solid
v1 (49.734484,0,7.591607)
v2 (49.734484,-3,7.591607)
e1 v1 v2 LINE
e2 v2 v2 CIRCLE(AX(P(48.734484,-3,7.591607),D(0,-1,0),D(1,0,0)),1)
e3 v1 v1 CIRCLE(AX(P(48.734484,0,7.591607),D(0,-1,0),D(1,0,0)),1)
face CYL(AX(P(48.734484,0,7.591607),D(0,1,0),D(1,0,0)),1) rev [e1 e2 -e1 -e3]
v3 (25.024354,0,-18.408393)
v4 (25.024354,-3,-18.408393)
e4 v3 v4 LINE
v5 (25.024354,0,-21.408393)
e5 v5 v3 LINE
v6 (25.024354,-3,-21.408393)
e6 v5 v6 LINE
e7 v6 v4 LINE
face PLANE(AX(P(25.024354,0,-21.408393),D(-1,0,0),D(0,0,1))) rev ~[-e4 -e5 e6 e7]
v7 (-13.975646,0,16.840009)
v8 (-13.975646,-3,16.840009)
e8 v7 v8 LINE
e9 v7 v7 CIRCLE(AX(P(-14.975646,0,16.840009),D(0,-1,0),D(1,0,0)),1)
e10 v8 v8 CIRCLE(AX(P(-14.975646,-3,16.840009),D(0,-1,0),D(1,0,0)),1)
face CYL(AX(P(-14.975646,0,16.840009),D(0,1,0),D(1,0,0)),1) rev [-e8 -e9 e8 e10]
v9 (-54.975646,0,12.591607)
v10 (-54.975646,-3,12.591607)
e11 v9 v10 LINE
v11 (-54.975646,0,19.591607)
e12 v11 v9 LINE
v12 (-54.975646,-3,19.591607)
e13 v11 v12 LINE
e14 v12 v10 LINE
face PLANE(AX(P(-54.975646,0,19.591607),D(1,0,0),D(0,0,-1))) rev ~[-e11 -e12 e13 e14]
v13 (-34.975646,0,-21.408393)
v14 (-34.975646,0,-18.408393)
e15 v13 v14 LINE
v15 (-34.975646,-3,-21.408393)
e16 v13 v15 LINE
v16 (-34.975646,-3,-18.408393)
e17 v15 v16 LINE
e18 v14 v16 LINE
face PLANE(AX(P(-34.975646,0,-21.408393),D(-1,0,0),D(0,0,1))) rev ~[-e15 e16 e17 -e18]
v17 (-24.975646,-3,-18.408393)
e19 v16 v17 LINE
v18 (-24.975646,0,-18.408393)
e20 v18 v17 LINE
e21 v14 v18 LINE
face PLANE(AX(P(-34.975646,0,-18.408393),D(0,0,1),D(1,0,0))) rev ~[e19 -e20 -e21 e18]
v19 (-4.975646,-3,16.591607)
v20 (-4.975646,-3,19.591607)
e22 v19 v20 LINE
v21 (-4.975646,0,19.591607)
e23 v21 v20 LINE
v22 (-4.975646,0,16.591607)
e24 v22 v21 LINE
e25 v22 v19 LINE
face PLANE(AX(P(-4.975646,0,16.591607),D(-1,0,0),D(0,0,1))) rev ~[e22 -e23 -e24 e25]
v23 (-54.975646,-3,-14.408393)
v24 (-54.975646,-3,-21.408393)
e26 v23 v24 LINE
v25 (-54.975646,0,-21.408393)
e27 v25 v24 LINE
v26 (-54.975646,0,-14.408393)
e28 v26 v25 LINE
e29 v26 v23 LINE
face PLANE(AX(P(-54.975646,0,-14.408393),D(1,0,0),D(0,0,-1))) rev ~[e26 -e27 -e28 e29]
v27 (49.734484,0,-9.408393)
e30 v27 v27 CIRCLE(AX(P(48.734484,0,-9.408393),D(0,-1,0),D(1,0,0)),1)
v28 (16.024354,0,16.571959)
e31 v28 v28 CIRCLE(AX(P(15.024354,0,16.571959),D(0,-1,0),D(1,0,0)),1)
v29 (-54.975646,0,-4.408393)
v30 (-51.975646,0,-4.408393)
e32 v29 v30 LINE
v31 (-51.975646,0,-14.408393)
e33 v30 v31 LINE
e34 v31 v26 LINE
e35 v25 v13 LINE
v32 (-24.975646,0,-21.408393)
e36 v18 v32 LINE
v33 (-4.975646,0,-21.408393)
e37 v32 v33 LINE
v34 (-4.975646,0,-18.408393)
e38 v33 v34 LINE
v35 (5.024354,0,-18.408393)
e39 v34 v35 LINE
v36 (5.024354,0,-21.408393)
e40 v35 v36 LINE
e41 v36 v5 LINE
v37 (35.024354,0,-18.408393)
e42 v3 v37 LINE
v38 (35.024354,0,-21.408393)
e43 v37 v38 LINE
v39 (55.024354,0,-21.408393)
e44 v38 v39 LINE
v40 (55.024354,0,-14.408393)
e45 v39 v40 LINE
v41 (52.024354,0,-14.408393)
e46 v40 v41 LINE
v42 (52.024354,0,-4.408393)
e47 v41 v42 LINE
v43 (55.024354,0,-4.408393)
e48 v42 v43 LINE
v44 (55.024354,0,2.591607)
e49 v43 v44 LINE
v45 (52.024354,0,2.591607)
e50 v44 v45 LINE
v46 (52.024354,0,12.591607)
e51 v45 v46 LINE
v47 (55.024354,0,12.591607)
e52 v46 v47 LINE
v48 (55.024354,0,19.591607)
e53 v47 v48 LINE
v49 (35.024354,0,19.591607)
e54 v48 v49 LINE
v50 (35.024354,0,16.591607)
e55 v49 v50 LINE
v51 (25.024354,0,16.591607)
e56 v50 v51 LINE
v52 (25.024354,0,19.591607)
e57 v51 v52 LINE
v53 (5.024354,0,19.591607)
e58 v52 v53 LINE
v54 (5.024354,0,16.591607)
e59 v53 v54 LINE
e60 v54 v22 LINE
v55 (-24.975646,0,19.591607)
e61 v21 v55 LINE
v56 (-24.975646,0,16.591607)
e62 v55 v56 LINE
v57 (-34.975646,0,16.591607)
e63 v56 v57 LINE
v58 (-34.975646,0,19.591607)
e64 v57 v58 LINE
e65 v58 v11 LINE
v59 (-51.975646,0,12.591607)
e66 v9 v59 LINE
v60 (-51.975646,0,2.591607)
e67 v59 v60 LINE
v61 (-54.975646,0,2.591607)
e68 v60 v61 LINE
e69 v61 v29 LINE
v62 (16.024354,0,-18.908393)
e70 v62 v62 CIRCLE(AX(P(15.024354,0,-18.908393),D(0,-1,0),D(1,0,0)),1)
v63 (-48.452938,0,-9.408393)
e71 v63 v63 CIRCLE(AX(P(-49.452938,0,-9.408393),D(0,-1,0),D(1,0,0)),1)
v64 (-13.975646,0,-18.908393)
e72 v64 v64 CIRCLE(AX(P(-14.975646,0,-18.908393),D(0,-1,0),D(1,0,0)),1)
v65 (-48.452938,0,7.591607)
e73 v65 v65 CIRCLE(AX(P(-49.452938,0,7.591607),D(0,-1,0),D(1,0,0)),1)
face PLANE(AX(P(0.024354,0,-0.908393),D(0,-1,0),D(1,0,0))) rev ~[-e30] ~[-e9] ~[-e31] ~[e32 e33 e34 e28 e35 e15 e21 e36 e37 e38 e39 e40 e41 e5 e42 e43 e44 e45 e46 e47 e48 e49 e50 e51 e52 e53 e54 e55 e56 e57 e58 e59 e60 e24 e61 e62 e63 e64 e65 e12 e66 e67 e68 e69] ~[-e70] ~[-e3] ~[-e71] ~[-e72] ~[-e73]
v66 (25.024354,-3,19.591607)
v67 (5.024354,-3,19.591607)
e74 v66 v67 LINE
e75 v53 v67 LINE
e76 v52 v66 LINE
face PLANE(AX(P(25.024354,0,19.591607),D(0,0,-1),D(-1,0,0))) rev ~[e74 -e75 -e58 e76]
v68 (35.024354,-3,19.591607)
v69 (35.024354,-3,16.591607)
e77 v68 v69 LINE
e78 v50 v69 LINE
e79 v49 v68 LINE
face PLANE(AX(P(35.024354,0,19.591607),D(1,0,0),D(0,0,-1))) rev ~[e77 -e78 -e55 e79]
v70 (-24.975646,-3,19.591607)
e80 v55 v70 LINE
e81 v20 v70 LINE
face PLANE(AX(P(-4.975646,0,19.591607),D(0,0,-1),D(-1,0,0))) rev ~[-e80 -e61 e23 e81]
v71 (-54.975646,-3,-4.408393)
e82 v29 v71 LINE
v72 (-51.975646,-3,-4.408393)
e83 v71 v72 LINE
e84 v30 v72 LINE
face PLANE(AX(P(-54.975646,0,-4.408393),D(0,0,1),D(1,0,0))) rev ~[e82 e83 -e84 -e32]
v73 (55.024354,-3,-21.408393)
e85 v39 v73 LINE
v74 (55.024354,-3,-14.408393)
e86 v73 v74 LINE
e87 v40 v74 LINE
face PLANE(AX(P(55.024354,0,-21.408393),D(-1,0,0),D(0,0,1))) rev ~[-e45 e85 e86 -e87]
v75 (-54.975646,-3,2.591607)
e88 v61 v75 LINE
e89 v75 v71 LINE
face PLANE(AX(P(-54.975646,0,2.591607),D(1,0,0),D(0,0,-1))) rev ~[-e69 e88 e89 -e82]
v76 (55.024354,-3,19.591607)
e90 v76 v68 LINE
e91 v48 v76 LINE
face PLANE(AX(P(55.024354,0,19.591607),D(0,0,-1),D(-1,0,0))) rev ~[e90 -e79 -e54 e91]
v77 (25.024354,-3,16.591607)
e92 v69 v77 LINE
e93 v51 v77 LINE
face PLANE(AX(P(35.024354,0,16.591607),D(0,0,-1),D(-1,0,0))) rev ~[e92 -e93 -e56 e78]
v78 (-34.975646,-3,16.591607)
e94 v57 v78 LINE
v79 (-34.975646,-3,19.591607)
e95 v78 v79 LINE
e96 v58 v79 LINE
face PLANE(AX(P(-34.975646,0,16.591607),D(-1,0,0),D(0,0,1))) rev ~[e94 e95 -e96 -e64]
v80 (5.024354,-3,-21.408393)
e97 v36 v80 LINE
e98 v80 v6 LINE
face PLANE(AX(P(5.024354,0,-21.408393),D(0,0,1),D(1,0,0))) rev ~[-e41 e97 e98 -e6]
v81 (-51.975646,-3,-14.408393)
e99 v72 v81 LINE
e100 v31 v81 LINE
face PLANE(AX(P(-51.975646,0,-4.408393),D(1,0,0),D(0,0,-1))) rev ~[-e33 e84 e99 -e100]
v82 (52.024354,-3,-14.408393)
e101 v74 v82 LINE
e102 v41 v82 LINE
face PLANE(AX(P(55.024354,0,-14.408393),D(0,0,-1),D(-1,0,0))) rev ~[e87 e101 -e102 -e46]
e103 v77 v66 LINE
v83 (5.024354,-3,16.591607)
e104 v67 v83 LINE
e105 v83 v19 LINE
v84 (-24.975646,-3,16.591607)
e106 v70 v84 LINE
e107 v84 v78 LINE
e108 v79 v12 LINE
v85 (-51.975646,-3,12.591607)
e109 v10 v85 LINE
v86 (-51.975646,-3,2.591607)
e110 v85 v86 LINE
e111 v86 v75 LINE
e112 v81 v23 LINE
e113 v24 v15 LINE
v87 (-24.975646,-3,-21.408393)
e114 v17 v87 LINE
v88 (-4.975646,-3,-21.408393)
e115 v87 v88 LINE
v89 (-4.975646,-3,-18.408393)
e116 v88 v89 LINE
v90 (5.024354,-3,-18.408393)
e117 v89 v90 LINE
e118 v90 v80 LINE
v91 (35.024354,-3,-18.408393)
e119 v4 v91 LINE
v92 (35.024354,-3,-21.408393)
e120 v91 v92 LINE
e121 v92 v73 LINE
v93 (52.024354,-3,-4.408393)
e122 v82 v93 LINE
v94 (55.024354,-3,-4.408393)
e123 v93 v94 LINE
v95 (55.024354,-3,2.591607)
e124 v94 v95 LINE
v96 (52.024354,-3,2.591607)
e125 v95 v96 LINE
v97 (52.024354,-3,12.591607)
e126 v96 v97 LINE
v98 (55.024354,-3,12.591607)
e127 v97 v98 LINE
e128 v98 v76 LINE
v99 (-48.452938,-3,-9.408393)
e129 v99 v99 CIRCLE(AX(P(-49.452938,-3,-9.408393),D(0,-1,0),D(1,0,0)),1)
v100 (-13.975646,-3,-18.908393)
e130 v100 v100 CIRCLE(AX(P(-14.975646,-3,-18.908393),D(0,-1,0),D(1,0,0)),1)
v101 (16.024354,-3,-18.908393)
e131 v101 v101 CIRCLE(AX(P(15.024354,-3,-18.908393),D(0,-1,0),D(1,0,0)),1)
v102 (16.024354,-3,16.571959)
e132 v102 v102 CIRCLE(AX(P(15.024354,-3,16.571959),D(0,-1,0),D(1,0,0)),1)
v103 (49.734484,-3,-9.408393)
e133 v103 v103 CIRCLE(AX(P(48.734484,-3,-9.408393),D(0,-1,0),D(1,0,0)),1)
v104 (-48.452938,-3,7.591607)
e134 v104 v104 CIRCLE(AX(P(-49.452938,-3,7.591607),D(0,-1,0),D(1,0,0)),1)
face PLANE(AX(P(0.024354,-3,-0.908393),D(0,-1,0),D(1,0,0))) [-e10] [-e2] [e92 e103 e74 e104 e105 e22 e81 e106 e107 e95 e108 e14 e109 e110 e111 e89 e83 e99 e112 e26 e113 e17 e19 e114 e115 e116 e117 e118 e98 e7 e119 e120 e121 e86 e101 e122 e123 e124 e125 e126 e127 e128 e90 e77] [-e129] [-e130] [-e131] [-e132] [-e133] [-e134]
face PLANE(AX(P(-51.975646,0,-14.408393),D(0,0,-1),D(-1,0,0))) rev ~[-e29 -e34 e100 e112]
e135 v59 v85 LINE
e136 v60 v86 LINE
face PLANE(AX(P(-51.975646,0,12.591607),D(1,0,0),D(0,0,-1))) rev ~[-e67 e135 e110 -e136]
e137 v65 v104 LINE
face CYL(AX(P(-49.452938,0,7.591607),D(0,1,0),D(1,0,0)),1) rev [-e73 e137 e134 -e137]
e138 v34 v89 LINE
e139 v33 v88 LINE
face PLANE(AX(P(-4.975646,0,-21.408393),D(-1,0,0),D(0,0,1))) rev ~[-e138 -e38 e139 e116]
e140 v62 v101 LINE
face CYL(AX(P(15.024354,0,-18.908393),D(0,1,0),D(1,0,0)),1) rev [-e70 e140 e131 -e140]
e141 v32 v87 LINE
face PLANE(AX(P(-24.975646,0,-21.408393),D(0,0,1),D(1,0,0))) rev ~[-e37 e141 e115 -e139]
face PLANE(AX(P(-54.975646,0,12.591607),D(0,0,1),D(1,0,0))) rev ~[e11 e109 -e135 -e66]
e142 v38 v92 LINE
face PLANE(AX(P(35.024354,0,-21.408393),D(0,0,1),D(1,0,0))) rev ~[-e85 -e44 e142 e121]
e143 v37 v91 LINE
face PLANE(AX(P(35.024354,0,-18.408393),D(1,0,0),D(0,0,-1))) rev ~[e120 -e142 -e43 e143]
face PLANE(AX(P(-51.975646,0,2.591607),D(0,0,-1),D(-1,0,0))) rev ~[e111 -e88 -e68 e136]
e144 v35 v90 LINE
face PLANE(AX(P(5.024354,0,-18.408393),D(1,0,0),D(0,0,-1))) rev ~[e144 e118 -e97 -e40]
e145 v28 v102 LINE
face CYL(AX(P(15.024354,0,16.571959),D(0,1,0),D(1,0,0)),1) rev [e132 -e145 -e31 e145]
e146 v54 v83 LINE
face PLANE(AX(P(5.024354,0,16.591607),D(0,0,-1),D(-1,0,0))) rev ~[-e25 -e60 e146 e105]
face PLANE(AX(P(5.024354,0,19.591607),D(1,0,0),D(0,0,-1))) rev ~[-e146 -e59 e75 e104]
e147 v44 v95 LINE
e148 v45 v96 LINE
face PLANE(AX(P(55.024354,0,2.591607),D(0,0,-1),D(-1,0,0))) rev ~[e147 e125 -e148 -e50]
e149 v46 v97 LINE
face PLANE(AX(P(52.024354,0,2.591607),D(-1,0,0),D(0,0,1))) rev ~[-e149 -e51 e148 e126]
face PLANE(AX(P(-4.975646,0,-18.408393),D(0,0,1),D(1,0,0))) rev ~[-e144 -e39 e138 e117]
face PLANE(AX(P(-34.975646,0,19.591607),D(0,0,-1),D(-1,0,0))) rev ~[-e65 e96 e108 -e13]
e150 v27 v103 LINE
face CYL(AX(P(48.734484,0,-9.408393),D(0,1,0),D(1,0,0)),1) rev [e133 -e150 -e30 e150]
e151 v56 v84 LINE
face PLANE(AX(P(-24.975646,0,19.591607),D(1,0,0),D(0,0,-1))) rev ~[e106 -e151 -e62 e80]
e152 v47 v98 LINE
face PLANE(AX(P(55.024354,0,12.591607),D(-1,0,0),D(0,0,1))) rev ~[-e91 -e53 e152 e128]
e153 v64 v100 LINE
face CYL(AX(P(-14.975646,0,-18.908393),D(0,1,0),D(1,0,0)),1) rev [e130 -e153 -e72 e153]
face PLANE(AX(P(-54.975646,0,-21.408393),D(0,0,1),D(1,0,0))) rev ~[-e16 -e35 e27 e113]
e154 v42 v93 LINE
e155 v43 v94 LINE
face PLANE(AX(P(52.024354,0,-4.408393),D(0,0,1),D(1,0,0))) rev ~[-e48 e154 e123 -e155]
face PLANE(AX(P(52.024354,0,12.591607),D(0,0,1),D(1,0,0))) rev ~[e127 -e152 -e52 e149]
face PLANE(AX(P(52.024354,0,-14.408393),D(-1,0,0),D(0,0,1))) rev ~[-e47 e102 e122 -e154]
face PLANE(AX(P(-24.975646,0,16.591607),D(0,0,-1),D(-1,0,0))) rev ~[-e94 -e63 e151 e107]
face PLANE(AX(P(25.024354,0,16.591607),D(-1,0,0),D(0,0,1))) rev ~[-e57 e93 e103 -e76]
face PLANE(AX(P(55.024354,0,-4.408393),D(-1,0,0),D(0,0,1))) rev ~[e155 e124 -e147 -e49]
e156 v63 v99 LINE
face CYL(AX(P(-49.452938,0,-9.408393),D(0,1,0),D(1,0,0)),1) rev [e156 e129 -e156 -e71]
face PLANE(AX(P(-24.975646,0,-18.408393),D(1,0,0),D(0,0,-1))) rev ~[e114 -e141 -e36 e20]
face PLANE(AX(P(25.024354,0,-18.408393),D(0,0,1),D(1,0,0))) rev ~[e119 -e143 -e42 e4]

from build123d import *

# Parameters (mm, degrees)
F0_R     = 1
F1_DEPTH = 3


with BuildPart() as f1:
    # F0 (on Front) → F1 (new body)
    with BuildSketch(Plane.XZ):
        Polygon((-51.975646, 2.591607), (-54.975646, 2.591607), (-54.975646, -0.908393), (-54.975646, -4.408393), (-51.975646, -4.408393), (-51.975646, -14.408393), (-54.975646, -14.408393), (-54.975646, -21.408393), (-34.975646, -21.408393), (-34.975646, -18.408393), (-24.975646, -18.408393), (-24.975646, -21.408393), (-4.975646, -21.408393), (-4.975646, -18.408393), (0.024354, -18.408393), (5.024354, -18.408393), (5.024354, -21.408393), (25.024354, -21.408393), (25.024354, -18.408393), (35.024354, -18.408393), (35.024354, -21.408393), (55.024354, -21.408393), (55.024354, -14.408393), (52.024354, -14.408393), (52.024354, -4.408393), (55.024354, -4.408393), (55.024354, -0.908393), (55.024354, 2.591607), (52.024354, 2.591607), (52.024354, 12.591607), (55.024354, 12.591607), (55.024354, 19.591607), (35.024354, 19.591607), (35.024354, 16.591607), (25.024354, 16.591607), (25.024354, 19.591607), (5.024354, 19.591607), (5.024354, 16.591607), (0.024354, 16.591607), (-4.975646, 16.591607), (-4.975646, 19.591607), (-24.975646, 19.591607), (-24.975646, 16.591607), (-34.975646, 16.591607), (-34.975646, 19.591607), (-54.975646, 19.591607), (-54.975646, 12.591607), (-51.975646, 12.591607), align=None)
        with Locations((-14.975646, -18.908393)):
            Circle(F0_R, mode=Mode.SUBTRACT)
        with Locations((-49.452938, -9.408393)):
            Circle(F0_R, mode=Mode.SUBTRACT)
        with Locations((15.024354, -18.908393)):
            Circle(F0_R, mode=Mode.SUBTRACT)
        with Locations((48.734484, -9.408393)):
            Circle(F0_R, mode=Mode.SUBTRACT)
        with Locations((-49.452938, 7.591607)):
            Circle(F0_R, mode=Mode.SUBTRACT)
        with Locations((-14.975646, 16.840009)):
            Circle(F0_R, mode=Mode.SUBTRACT)
        with Locations((48.734484, 7.591607)):
            Circle(F0_R, mode=Mode.SUBTRACT)
        with Locations((15.024354, 16.571959)):
            Circle(F0_R, mode=Mode.SUBTRACT)
    extrude(amount=F1_DEPTH)


solid = f1.part
